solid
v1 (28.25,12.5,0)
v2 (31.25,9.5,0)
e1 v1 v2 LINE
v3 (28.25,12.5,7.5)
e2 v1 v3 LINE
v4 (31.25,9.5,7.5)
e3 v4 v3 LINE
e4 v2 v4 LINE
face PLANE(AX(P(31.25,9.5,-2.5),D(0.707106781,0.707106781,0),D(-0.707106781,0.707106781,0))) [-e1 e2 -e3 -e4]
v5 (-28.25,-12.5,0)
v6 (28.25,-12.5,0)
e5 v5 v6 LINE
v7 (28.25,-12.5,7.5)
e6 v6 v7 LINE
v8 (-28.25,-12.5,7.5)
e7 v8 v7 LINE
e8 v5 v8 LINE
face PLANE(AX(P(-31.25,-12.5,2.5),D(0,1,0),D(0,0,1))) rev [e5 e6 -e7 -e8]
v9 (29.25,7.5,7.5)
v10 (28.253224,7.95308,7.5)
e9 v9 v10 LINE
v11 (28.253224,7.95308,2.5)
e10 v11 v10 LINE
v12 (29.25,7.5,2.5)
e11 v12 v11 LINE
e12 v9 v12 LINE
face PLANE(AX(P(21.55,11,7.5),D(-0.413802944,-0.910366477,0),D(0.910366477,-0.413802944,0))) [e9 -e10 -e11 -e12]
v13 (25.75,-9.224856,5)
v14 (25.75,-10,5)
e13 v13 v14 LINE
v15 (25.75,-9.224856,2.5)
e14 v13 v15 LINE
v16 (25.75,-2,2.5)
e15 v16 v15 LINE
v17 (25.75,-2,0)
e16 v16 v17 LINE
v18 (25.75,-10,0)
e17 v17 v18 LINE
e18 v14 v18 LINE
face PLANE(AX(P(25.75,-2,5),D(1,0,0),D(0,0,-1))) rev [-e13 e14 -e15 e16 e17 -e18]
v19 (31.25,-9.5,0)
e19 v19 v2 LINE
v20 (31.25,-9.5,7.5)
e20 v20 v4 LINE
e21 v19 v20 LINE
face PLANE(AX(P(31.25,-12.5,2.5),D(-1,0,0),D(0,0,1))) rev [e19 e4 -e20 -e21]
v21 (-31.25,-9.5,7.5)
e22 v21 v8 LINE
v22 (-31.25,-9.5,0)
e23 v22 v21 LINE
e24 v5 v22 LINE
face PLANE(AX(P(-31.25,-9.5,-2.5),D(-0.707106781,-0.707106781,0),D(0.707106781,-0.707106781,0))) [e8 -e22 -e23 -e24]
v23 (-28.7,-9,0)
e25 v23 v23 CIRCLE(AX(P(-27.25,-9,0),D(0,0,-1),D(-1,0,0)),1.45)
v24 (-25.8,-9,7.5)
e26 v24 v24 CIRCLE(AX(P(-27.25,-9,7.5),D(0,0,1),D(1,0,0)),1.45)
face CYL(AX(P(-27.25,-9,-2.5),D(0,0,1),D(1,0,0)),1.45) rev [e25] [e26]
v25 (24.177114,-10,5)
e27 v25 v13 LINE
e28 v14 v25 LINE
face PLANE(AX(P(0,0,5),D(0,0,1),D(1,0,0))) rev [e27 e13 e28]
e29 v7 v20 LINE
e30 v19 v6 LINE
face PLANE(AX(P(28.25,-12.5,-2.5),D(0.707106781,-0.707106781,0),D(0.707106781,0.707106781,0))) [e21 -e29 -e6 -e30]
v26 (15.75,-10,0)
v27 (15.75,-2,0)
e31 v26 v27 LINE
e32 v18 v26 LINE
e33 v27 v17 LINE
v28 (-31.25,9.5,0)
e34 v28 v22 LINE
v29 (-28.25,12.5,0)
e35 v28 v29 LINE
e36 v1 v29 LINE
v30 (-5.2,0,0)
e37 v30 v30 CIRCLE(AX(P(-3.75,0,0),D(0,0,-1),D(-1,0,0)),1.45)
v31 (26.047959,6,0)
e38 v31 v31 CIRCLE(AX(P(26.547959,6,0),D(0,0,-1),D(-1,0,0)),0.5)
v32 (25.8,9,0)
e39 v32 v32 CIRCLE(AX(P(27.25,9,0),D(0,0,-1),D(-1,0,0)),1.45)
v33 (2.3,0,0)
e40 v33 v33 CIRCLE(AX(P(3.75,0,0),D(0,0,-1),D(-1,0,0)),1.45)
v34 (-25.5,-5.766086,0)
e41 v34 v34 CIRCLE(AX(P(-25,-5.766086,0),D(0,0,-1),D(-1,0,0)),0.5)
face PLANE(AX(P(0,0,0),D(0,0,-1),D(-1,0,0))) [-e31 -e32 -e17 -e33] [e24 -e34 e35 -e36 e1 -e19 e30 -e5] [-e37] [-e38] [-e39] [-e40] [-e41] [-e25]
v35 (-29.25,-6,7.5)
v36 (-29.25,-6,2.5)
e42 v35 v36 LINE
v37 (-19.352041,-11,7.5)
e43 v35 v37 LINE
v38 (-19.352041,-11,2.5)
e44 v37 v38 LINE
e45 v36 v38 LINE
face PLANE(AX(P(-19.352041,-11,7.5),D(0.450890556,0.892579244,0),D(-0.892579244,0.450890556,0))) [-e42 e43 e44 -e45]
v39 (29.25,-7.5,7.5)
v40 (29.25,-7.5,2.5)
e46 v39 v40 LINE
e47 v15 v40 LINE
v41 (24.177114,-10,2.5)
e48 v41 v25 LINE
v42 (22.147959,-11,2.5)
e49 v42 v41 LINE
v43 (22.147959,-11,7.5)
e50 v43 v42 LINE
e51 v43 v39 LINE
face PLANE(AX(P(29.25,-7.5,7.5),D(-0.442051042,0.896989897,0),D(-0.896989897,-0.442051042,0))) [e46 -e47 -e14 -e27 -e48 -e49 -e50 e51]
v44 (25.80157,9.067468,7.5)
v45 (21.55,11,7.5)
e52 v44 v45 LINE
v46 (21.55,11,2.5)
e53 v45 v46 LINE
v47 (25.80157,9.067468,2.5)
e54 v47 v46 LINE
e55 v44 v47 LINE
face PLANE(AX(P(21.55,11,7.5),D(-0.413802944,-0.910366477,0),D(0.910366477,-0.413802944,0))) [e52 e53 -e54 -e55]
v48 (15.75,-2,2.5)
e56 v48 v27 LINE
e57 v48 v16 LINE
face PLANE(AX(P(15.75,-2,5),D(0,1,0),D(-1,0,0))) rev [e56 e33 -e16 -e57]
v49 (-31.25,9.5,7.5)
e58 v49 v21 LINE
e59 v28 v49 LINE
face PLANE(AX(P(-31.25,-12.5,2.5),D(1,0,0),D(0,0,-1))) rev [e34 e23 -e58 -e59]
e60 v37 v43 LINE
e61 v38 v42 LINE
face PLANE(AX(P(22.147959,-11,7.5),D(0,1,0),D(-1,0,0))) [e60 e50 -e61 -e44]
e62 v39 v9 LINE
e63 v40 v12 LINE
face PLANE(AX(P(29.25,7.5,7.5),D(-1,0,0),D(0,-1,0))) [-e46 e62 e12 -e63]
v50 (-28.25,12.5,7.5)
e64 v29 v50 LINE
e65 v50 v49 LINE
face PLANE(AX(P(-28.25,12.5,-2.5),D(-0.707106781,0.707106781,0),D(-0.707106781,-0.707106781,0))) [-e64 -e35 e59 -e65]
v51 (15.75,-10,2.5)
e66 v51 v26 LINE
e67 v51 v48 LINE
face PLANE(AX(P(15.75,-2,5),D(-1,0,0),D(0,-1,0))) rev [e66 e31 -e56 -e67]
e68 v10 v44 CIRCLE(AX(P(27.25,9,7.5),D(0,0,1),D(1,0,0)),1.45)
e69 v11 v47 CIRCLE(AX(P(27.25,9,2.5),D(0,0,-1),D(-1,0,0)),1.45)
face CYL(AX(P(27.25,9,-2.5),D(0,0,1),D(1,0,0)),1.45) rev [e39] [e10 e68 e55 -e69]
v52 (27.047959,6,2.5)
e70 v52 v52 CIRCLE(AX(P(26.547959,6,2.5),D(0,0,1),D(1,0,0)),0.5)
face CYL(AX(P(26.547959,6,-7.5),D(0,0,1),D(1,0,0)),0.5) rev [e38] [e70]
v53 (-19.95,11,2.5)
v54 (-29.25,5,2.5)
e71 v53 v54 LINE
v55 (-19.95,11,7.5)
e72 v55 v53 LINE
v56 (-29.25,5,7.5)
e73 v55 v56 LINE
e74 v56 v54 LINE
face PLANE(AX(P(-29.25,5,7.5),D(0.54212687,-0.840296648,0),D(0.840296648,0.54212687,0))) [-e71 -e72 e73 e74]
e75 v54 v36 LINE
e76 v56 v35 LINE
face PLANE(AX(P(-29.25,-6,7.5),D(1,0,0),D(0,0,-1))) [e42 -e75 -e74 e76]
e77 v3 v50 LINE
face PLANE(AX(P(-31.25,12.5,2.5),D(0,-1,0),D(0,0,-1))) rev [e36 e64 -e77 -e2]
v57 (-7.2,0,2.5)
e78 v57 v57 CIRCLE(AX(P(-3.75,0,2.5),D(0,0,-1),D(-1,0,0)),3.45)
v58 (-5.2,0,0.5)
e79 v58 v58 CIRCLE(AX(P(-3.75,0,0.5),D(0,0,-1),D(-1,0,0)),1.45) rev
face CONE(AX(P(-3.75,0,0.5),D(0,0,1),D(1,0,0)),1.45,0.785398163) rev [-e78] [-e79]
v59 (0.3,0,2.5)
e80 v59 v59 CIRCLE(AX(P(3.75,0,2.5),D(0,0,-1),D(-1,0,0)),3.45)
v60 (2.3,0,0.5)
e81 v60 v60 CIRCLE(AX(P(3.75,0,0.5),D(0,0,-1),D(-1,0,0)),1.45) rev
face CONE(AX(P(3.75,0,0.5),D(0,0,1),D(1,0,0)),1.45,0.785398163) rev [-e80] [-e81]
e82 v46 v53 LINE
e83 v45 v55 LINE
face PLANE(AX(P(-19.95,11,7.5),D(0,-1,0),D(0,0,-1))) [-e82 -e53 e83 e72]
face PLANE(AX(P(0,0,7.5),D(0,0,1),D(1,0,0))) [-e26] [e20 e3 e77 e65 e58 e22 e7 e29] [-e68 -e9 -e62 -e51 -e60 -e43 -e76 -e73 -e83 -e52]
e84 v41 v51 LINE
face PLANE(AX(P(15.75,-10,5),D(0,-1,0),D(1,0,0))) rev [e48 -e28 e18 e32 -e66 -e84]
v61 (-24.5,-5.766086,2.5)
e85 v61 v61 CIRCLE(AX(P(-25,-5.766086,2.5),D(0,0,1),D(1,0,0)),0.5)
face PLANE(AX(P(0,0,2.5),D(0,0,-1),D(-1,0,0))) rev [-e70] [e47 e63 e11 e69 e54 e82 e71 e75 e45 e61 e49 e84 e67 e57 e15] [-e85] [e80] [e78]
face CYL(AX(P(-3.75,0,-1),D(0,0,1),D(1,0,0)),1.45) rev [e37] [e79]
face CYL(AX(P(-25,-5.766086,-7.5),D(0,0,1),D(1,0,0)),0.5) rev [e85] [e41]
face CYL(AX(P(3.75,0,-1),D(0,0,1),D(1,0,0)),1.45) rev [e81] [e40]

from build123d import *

# Parameters (mm, degrees)
SKETCH_1_W          = 62.5
SKETCH_1_H          = 25
EXTRUDE_1_DEPTH     = 2.5
SKETCH_2_R          = 1.45
CUT_EXTRUDE_1_DEPTH = 3.5
CHAMFER_1_SIZE      = 2
SKETCH_3_W          = 62.5
SKETCH_3_H          = 25
EXTRUDE_2_DEPTH     = 5
SKETCH_4_W          = 10
SKETCH_4_H          = 8
CUT_EXTRUDE_2_DEPTH = 5
SKETCH_5_W          = 67.566121691
SKETCH_5_H          = 29.988395665
CUT_EXTRUDE_3_DEPTH = 10
SKETCH_7_R          = 1.45
CUT_EXTRUDE_4_DEPTH = 10
SKETCH_10_R         = 0.5
CUT_EXTRUDE_5_DEPTH = 10


with BuildPart() as part:
    # Эскиз1 → Бобышка-Вытянуть1 (new body)
    with BuildSketch(Plane.XY):
        Rectangle(SKETCH_1_W, SKETCH_1_H)
    extrude(amount=EXTRUDE_1_DEPTH)

    # Эскиз2 → Вырез-Вытянуть1 (cut)
    with BuildSketch(Plane.XY.offset(2.5)):
        with Locations((3.75, 0)):
            Circle(SKETCH_2_R)
        with Locations((-3.75, 0)):
            Circle(SKETCH_2_R)
    extrude(amount=-CUT_EXTRUDE_1_DEPTH, mode=Mode.SUBTRACT)

    # Фаска1
    chamfer_1_edges = [part.edges().sort_by_distance(p)[0] for p in [
        (2.3, 0, 2.5),
        (-5.2, 0, 2.5),
    ]]
    chamfer(chamfer_1_edges, length=CHAMFER_1_SIZE)

    # Эскиз3 → Бобышка-Вытянуть2 (add)
    with BuildSketch(Plane.XY.offset(2.5)):
        Rectangle(SKETCH_3_W, SKETCH_3_H)
        Polygon((-29.25, -6), (-29.25, 5), (-19.95, 11), (21.55, 11), (29.25, 7.5), (29.25, -7.5), (22.14795897, -11), (-19.35204103, -11), align=None, mode=Mode.SUBTRACT)
    extrude(amount=EXTRUDE_2_DEPTH)

    # Эскиз4 → Вырез-Вытянуть2 (cut)
    with BuildSketch(Plane(origin=(0, 0, 0), x_dir=(-1, 0, 0), z_dir=(0, 0, -1))):
        with Locations((-20.75, -6)):
            Rectangle(SKETCH_4_W, SKETCH_4_H)
    extrude(amount=-CUT_EXTRUDE_2_DEPTH, mode=Mode.SUBTRACT)

    # Эскиз5 → Вырез-Вытянуть3 (cut)
    with BuildSketch(Plane.XY.offset(7.5)):
        with Locations((0.466014855, 0.289583976)):
            Rectangle(SKETCH_5_W, SKETCH_5_H)
        Polygon((-28.25, 12.5), (-31.25, 9.5), (-31.25, -9.5), (-28.25, -12.5), (28.25, -12.5), (31.25, -9.5), (31.25, 9.5), (28.25, 12.5), align=None, mode=Mode.SUBTRACT)
    extrude(amount=-CUT_EXTRUDE_3_DEPTH, mode=Mode.SUBTRACT)

    # Эскиз7 → Вырез-Вытянуть4 (cut)
    with BuildSketch(Plane.XY.offset(7.5)):
        with Locations((-27.25, -9)):
            Circle(SKETCH_7_R)
        with Locations(Location((27.25, 9, 0), (0, 0, 313.779004768))):
            Circle(SKETCH_7_R)
    extrude(amount=-CUT_EXTRUDE_4_DEPTH, mode=Mode.SUBTRACT)

    # Эскиз10 → Вырез-Вытянуть5 (cut)
    with BuildSketch(Plane.XY.offset(2.5)):
        with Locations((-25, -5.766085635)):
            Circle(SKETCH_10_R)
        with Locations((26.547958971, 6)):
            Circle(SKETCH_10_R)
    extrude(amount=-CUT_EXTRUDE_5_DEPTH, mode=Mode.SUBTRACT)


solid = part.part
